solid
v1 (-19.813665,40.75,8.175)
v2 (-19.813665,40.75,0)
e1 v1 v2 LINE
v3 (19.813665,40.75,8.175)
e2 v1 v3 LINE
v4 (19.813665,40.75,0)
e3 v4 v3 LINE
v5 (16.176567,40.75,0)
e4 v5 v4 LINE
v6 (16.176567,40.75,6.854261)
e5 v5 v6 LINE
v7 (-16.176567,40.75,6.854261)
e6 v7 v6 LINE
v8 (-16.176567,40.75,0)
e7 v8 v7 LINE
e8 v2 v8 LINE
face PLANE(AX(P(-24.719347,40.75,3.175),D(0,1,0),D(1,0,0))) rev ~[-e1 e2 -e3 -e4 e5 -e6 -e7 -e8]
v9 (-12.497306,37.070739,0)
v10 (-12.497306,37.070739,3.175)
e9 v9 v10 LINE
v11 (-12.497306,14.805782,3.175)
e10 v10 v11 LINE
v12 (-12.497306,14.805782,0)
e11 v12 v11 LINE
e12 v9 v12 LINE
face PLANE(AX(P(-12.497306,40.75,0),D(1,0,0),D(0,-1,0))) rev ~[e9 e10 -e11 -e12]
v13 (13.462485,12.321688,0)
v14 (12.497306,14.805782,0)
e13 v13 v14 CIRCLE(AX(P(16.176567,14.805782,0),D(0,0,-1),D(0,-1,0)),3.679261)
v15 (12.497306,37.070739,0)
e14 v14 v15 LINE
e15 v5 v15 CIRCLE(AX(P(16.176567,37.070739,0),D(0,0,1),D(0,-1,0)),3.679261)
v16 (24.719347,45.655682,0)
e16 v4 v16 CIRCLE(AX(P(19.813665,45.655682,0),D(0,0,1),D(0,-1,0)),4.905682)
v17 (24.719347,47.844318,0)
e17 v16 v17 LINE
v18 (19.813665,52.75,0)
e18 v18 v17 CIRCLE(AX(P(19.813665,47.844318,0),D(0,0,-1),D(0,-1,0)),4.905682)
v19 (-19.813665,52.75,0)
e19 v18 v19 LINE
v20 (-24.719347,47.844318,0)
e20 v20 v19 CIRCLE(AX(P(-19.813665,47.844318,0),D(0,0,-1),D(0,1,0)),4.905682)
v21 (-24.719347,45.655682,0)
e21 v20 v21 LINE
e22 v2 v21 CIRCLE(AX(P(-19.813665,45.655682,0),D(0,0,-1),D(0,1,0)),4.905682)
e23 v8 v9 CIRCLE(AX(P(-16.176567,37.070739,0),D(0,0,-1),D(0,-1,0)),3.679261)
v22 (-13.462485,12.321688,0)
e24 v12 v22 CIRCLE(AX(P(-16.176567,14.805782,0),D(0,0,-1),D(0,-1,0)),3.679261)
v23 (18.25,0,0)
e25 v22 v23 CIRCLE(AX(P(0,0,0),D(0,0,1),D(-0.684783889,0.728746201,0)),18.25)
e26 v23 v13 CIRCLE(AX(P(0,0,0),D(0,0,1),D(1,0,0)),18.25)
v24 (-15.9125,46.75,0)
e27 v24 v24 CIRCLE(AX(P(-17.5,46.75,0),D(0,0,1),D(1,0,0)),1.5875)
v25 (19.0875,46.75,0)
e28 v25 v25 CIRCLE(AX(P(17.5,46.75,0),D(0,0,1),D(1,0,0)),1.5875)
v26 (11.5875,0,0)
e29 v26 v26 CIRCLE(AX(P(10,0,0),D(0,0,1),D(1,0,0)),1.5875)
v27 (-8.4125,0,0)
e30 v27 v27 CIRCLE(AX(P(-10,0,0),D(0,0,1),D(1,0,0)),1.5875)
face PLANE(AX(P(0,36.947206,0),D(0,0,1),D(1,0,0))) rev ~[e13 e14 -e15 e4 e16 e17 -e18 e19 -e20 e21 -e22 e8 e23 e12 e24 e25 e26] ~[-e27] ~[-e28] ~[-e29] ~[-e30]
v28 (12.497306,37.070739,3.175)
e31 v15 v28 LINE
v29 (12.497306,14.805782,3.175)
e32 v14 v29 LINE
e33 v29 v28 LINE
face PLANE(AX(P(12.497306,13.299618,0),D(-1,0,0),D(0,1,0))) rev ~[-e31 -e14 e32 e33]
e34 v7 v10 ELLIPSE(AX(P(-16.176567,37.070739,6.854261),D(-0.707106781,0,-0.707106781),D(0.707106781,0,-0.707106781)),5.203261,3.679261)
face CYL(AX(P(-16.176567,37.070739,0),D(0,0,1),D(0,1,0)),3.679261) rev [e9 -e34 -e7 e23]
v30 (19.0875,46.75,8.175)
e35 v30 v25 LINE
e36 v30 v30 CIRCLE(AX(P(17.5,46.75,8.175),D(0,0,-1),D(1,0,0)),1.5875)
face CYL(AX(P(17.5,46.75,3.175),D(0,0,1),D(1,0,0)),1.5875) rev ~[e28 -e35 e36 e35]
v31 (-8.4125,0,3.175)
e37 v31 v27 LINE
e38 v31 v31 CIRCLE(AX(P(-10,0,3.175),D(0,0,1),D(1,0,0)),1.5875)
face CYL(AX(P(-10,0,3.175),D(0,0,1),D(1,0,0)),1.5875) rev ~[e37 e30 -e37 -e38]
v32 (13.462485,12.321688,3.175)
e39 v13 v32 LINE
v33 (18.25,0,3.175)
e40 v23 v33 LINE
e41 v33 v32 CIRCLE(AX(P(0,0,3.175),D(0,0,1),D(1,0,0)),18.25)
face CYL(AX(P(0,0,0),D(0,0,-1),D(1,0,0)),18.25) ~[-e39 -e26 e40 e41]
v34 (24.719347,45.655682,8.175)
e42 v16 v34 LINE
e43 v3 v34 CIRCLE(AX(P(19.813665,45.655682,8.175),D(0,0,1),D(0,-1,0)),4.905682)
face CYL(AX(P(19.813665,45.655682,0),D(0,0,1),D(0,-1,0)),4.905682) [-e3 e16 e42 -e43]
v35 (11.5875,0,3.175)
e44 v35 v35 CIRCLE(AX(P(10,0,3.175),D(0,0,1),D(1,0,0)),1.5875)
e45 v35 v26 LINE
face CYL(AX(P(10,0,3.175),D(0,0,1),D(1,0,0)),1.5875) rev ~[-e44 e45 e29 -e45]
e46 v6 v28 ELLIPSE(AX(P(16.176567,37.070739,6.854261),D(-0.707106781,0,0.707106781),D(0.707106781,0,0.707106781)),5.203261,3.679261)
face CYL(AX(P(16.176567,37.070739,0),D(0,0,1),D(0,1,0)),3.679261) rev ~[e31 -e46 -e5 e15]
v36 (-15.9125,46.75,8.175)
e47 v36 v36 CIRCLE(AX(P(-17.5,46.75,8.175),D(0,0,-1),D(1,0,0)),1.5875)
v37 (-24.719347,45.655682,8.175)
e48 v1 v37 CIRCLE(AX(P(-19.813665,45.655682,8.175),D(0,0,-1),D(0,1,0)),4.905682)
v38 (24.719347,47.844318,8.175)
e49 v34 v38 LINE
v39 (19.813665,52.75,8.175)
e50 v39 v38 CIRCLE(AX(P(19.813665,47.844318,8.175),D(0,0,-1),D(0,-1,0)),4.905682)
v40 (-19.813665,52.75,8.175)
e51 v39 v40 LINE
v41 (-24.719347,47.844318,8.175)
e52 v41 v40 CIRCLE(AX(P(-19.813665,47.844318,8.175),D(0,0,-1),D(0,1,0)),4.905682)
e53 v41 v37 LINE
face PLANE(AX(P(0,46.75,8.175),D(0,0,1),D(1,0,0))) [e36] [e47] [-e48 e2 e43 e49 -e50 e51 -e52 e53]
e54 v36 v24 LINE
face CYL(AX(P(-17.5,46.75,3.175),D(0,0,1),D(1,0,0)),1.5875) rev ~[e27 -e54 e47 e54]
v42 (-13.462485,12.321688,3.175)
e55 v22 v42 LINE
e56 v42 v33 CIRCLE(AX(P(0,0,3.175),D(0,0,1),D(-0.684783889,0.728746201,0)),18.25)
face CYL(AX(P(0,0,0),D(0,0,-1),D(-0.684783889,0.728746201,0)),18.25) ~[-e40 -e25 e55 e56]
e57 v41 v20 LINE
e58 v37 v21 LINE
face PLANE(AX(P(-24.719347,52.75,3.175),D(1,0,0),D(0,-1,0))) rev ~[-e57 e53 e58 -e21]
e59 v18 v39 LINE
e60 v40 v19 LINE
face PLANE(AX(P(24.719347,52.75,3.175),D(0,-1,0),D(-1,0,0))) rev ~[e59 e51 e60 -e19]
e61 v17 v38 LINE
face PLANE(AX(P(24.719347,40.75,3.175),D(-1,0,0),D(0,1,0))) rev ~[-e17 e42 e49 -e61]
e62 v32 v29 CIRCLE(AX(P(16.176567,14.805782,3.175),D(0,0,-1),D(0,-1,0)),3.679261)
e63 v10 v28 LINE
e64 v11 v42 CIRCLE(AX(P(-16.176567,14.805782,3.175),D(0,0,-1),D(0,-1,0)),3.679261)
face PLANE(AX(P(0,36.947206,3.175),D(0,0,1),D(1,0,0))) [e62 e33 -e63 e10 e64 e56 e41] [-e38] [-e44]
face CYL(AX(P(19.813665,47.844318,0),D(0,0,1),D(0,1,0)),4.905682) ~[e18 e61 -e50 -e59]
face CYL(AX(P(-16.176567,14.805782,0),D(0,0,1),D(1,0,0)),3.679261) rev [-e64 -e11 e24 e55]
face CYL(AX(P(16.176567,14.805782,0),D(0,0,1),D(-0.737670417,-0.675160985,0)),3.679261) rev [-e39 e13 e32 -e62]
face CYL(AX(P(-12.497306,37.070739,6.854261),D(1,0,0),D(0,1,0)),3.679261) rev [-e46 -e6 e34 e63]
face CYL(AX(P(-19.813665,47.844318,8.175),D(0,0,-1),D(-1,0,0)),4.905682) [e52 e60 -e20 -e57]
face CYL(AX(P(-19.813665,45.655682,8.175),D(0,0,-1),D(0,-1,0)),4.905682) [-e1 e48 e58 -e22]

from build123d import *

# Parameters (mm, degrees)
F1_DEPTH = 3.175
F3_DEPTH = 5
F4_R     = 3.6792614691
F5_R     = 1.5875
F6_DEPTH = 24.13
F7_DEPTH = 25.4
F8_R     = 4.9056819587


with BuildPart() as f1:
    # F0 (on Top) → F1 (new body)
    with BuildSketch(Plane.XY):
        with BuildLine():
            ThreePointArc((-12.4973059814, 13.2996181602), (0, 18.25), (12.4973059814, 13.2996181602))
            Line((12.4973059814, 13.2996181602), (12.4973059814, 40.75))
            Line((12.4973059814, 40.75), (24.7193473562, 40.75))
            Line((24.7193473562, 40.75), (24.7193473562, 52.75))
            Line((24.7193473562, 52.75), (-24.7193473562, 52.75))
            Line((-24.7193473562, 52.75), (-24.7193473562, 40.75))
            Line((-24.7193473562, 40.75), (-12.4973059814, 40.75))
            Line((-12.4973059814, 40.75), (-12.4973059814, 13.2996181602))
        make_face()
        with BuildLine():
            ThreePointArc((-12.4973059814, 13.2996181602), (-7.2452282862, -16.7501990161), (18.25, 0))
            ThreePointArc((18.25, 0), (16.7501990161, 7.2452282862), (12.4973059814, 13.2996181602))
            ThreePointArc((12.4973059814, 13.2996181602), (0, 18.25), (-12.4973059814, 13.2996181602))
        make_face()
    extrude(amount=F1_DEPTH)

    # F2 (on face) → F3 (join)
    with BuildSketch(Plane.XY.offset(3.175)):
        Polygon((-24.7193473562, 40.75), (-12.4973059814, 40.75), (12.4973059814, 40.75), (24.7193473562, 40.75), (24.7193473562, 52.75), (-24.7193473562, 52.75), align=None)
    extrude(amount=F3_DEPTH)

    # F4
    f4_edges = [f1.edges().sort_by_distance(p)[0] for p in [
        (12.497306, 13.299618, 1.5875),
        (-12.497306, 13.299618, 1.5875),
        (12.497306, 40.75, 1.5875),
        (0, 40.75, 3.175),
        (-12.497306, 40.75, 1.5875),
    ]]
    fillet(f4_edges, radius=F4_R)

    # F5 (on face) → F6 (cut)
    with BuildSketch(Plane.XY.offset(3.175)):
        with Locations((-10, 0)):
            Circle(F5_R)
        with Locations((10, 0)):
            Circle(F5_R)
        with Locations((17.5, 46.75)):
            Circle(F5_R)
        with Locations((-17.5, 46.75)):
            Circle(F5_R)
    extrude(amount=F6_DEPTH, mode=Mode.SUBTRACT)

    # F5 (on face) → F7 (cut)
    with BuildSketch(Plane.XY.offset(3.175)):
        with Locations((-10, 0)):
            Circle(F5_R)
        with Locations((10, 0)):
            Circle(F5_R)
        with Locations((17.5, 46.75)):
            Circle(F5_R)
        with Locations((-17.5, 46.75)):
            Circle(F5_R)
    extrude(amount=-F7_DEPTH, mode=Mode.SUBTRACT)

    # F8
    f8_edges = [f1.edges().sort_by_distance(p)[0] for p in [
        (24.719347, 40.75, 4.0875),
        (24.719347, 52.75, 4.0875),
        (-24.719347, 52.75, 4.0875),
        (-24.719347, 40.75, 4.0875),
    ]]
    fillet(f8_edges, radius=F8_R)


solid = f1.part
